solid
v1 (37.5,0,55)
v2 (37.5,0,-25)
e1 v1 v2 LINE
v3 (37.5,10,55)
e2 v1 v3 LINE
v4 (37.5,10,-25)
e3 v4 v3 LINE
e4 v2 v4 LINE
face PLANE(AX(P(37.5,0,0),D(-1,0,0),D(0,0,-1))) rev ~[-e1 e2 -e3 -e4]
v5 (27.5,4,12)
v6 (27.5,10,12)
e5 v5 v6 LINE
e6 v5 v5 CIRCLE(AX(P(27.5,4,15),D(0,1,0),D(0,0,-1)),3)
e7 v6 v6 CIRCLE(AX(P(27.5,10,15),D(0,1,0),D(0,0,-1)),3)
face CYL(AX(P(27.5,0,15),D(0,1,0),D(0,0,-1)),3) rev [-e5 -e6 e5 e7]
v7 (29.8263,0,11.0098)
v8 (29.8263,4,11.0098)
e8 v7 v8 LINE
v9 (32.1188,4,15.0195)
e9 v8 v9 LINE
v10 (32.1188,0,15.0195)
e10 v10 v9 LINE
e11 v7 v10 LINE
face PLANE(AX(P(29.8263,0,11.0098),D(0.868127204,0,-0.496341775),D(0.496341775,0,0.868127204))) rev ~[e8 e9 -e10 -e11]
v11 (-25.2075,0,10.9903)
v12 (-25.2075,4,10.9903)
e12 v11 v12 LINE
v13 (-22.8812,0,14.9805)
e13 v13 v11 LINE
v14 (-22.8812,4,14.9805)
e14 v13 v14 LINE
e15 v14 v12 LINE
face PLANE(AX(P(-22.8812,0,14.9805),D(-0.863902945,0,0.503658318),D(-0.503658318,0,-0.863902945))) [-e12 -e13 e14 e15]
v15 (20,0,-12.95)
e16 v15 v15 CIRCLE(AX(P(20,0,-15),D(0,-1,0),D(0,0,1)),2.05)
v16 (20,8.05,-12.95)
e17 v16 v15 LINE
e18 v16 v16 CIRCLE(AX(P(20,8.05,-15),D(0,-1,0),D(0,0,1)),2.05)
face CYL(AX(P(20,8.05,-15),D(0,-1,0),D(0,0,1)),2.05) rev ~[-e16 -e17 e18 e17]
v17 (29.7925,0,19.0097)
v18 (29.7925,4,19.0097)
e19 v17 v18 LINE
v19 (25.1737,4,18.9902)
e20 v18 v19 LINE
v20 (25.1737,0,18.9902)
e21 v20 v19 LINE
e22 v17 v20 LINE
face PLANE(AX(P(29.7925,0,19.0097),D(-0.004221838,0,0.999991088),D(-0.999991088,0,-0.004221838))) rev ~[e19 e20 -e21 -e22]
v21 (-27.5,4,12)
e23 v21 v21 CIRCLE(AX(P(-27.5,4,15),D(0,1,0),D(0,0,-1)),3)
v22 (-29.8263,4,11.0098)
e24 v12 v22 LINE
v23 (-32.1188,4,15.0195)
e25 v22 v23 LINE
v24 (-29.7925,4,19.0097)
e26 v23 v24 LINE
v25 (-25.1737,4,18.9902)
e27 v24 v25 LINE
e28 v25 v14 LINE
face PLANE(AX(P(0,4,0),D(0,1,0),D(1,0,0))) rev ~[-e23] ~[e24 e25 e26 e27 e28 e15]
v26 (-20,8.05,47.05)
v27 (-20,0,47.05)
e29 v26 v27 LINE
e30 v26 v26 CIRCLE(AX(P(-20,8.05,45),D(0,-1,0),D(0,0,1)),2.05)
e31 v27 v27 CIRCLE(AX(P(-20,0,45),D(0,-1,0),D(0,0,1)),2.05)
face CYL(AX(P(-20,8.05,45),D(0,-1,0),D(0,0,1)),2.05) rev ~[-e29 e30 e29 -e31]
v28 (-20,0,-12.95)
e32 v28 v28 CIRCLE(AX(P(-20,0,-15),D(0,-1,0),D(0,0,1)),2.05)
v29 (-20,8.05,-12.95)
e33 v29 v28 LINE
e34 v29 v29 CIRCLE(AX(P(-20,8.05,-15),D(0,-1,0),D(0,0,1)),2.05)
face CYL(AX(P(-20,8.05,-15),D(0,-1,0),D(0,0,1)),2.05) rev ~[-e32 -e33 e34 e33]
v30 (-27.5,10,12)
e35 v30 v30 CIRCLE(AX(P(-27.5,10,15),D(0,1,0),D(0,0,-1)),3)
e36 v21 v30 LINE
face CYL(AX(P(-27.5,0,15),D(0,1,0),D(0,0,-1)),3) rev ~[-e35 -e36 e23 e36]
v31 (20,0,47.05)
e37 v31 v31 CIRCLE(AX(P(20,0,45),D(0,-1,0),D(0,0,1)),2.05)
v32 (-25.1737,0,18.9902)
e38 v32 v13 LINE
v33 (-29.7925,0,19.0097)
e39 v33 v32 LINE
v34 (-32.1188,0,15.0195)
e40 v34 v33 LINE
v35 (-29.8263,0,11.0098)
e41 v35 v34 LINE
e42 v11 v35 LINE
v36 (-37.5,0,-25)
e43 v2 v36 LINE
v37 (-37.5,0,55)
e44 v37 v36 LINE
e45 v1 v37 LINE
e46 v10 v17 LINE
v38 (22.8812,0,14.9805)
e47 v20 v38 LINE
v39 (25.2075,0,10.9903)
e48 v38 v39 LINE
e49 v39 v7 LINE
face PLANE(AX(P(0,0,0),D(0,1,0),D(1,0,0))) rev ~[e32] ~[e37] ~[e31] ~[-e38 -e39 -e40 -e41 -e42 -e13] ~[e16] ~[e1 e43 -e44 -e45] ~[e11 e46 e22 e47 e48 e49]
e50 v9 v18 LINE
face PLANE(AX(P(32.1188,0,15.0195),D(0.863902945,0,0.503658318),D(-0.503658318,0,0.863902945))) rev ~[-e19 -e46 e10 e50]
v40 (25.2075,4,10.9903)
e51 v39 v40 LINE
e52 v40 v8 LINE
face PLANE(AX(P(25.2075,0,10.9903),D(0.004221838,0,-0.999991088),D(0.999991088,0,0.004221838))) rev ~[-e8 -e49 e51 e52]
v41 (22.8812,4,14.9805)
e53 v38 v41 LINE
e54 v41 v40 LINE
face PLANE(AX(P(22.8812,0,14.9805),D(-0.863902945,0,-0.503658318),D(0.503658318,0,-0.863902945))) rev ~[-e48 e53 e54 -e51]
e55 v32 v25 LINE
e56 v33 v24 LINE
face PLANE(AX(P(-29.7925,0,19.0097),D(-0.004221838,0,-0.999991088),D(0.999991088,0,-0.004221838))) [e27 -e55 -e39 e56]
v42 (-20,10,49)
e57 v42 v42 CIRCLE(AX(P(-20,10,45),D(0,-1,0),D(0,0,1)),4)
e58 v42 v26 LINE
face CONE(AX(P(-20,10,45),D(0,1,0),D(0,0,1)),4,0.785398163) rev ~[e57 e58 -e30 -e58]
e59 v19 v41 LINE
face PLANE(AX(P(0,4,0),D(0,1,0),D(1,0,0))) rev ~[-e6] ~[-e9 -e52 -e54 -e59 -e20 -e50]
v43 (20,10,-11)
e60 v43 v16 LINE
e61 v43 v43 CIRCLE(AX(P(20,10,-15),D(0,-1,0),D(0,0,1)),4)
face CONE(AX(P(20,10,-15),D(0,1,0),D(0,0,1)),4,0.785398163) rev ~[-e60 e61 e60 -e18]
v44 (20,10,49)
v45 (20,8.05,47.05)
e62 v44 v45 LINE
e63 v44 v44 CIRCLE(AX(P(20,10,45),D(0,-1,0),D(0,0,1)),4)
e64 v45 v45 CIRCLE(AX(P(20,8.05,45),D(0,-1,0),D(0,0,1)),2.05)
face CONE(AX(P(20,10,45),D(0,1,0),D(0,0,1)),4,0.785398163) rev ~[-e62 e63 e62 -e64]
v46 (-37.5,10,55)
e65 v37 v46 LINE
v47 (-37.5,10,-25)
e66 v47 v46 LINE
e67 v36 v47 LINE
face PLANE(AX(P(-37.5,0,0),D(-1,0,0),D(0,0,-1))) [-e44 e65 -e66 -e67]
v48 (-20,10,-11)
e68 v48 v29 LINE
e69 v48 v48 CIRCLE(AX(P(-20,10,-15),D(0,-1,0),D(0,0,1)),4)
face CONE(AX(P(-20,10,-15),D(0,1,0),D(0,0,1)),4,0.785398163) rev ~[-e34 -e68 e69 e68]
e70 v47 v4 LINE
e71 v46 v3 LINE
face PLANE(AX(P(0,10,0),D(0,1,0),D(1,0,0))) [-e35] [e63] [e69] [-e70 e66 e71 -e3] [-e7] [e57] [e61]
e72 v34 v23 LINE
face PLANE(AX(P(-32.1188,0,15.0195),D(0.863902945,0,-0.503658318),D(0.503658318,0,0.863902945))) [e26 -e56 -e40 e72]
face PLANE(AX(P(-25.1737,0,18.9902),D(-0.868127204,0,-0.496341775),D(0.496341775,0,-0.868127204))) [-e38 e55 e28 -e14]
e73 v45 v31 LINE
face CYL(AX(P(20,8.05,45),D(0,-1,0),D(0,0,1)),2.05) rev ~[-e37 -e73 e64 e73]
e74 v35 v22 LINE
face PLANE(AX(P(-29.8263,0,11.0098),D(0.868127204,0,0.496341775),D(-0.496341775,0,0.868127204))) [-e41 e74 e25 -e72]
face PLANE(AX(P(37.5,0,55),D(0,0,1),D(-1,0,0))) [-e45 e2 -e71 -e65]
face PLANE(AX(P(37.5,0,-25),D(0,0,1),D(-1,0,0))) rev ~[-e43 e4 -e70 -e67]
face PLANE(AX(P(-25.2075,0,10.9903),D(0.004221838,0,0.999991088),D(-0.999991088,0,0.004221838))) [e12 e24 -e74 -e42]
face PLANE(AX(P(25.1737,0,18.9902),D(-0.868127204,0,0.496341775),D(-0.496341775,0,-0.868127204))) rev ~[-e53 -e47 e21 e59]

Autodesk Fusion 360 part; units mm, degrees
sketch "Skizze1" plane through (0, 0, 0) normal (0, 1, 0) x (1, 0, 0)
  line L0 (0, 75) -> (0, -65)
  line L1 (0, -50) -> (0, 75)
  line L2 (-85, 0) -> (95, 0)
  line L3 (0, 0) -> (-37.5, 0)
  line L4 (-37.5, 0) -> (-37.5, -25)
  line L5 (-37.5, -25) -> (0, -25)
  line L6 (0, -25) -> (0, 0)
  line L7 (37.5, 0) -> (37.5, -25)
  line L8 (37.5, -25) -> (0, -25)
  line L9 (-37.5, 0) -> (-37.5, 25)
  line L10 (-37.5, 25) -> (0, 25)
  line L11 (37.5, 25) -> (0, 25)
  line L12 (37.5, 0) -> (37.5, 25)
  line L13 (-25.2075, -10.9903) -> (-29.8263, -11.0098)
  line L14 (-29.8263, -11.0098) -> (-32.1188, -15.0195)
  line L15 (-32.1188, -15.0195) -> (-29.7925, -19.0097)
  line L16 (-29.7925, -19.0097) -> (-25.1737, -18.9902)
  line L17 (-25.1737, -18.9902) -> (-22.8812, -14.9805)
  line L18 (-22.8812, -14.9805) -> (-25.2075, -10.9903)
  line L19 (22.8812, -14.9805) -> (25.2075, -10.9903)
  line L20 (25.2075, -10.9903) -> (29.8263, -11.0098)
  line L21 (29.8263, -11.0098) -> (32.1188, -15.0195)
  line L22 (32.1188, -15.0195) -> (29.7925, -19.0097)
  line L23 (29.7925, -19.0097) -> (25.1737, -18.9902)
  line L24 (25.1737, -18.9902) -> (22.8812, -14.9805)
  line L25 (-27.5, -15) -> (27.5, -15) construction
  line L26 (-37.5, -30) -> (-37.5, -55)
  line L27 (-37.5, -30) -> (-37.5, -5)
  line L28 (-37.5, -55) -> (0, -55)
  line L29 (37.5, -55) -> (0, -55)
  line L30 (37.5, -30) -> (37.5, -55)
  line L31 (37.5, -30) -> (37.5, -5)
  point P0 (-27.5, -15)
  point P1 (27.5, -15)
  point P2 (-27.5, -15)
  dimension "d1" = 37.5
  dimension "d2" = 25
  dimension "d7" = 10
  dimension "d8" = 55
  dimension "d9" = 4
extrude "Extrusion1" add sketch "Skizze1" along normal blind 10 contours L0 L1 L2 L11 L12 | L0 L1 L2 L3 L9 L10 | L0 L1 L2 L6 L7 L8 L31 | L0 L1 L2 L3 L4 L5 L6 L27 | L0 L1 L8 L29 L30 L31 | L0 L1 L5 L26 L27 L28 | L13 L14 L15 L16 L17 L18 | L19 L20 L21 L22 L23 L24
extrude "Extrusion2" cut sketch "Skizze1" along normal blind 4 contours L13 L14 L15 L16 L17 L18 | L19 L20 L21 L22 L23 L24
ref_plane "Arbeitsebene1" through (0, 10, 15) normal (0, 1, 0) x (0, 0, 1)
sketch "Skizze2" plane through (0, 10, 0) normal (0, 1, 0) x (1, 0, 0)
  line L0 (0, 75) -> (0, -65)
  line L1 (37.5, 25) -> (0, 25)
  line L2 (-27.5, -15) -> (27.5, -15)
  point P0 (-20, 15)
  point P1 (20, 15)
  point P2 (-20, -45)
  point P3 (20, -45)
  dimension "d15" = 40
  dimension "d16" = 10
hole "Bohrung1" at (-20, 10, -15) at (20, 10, -15) at (20, 10, 45) at (-20, 10, 45) direction (0, -1, 0) diameter 4.1 end through all countersink diameter 8 countersink angle 90
hole "Bohrung2" at (-27.5, 0, 15) direction (0, 1, 0) diameter 6 depth 12 tip angle 118
mirror "Spiegeln2" about plane through (0, 0, 0) normal (1, 0, 0) of "Bohrung2"
equation "d1 = ( 75 / 2 ) * 1 mm"
equation "d2 = ( 50 / 2 ) * 1 mm"
